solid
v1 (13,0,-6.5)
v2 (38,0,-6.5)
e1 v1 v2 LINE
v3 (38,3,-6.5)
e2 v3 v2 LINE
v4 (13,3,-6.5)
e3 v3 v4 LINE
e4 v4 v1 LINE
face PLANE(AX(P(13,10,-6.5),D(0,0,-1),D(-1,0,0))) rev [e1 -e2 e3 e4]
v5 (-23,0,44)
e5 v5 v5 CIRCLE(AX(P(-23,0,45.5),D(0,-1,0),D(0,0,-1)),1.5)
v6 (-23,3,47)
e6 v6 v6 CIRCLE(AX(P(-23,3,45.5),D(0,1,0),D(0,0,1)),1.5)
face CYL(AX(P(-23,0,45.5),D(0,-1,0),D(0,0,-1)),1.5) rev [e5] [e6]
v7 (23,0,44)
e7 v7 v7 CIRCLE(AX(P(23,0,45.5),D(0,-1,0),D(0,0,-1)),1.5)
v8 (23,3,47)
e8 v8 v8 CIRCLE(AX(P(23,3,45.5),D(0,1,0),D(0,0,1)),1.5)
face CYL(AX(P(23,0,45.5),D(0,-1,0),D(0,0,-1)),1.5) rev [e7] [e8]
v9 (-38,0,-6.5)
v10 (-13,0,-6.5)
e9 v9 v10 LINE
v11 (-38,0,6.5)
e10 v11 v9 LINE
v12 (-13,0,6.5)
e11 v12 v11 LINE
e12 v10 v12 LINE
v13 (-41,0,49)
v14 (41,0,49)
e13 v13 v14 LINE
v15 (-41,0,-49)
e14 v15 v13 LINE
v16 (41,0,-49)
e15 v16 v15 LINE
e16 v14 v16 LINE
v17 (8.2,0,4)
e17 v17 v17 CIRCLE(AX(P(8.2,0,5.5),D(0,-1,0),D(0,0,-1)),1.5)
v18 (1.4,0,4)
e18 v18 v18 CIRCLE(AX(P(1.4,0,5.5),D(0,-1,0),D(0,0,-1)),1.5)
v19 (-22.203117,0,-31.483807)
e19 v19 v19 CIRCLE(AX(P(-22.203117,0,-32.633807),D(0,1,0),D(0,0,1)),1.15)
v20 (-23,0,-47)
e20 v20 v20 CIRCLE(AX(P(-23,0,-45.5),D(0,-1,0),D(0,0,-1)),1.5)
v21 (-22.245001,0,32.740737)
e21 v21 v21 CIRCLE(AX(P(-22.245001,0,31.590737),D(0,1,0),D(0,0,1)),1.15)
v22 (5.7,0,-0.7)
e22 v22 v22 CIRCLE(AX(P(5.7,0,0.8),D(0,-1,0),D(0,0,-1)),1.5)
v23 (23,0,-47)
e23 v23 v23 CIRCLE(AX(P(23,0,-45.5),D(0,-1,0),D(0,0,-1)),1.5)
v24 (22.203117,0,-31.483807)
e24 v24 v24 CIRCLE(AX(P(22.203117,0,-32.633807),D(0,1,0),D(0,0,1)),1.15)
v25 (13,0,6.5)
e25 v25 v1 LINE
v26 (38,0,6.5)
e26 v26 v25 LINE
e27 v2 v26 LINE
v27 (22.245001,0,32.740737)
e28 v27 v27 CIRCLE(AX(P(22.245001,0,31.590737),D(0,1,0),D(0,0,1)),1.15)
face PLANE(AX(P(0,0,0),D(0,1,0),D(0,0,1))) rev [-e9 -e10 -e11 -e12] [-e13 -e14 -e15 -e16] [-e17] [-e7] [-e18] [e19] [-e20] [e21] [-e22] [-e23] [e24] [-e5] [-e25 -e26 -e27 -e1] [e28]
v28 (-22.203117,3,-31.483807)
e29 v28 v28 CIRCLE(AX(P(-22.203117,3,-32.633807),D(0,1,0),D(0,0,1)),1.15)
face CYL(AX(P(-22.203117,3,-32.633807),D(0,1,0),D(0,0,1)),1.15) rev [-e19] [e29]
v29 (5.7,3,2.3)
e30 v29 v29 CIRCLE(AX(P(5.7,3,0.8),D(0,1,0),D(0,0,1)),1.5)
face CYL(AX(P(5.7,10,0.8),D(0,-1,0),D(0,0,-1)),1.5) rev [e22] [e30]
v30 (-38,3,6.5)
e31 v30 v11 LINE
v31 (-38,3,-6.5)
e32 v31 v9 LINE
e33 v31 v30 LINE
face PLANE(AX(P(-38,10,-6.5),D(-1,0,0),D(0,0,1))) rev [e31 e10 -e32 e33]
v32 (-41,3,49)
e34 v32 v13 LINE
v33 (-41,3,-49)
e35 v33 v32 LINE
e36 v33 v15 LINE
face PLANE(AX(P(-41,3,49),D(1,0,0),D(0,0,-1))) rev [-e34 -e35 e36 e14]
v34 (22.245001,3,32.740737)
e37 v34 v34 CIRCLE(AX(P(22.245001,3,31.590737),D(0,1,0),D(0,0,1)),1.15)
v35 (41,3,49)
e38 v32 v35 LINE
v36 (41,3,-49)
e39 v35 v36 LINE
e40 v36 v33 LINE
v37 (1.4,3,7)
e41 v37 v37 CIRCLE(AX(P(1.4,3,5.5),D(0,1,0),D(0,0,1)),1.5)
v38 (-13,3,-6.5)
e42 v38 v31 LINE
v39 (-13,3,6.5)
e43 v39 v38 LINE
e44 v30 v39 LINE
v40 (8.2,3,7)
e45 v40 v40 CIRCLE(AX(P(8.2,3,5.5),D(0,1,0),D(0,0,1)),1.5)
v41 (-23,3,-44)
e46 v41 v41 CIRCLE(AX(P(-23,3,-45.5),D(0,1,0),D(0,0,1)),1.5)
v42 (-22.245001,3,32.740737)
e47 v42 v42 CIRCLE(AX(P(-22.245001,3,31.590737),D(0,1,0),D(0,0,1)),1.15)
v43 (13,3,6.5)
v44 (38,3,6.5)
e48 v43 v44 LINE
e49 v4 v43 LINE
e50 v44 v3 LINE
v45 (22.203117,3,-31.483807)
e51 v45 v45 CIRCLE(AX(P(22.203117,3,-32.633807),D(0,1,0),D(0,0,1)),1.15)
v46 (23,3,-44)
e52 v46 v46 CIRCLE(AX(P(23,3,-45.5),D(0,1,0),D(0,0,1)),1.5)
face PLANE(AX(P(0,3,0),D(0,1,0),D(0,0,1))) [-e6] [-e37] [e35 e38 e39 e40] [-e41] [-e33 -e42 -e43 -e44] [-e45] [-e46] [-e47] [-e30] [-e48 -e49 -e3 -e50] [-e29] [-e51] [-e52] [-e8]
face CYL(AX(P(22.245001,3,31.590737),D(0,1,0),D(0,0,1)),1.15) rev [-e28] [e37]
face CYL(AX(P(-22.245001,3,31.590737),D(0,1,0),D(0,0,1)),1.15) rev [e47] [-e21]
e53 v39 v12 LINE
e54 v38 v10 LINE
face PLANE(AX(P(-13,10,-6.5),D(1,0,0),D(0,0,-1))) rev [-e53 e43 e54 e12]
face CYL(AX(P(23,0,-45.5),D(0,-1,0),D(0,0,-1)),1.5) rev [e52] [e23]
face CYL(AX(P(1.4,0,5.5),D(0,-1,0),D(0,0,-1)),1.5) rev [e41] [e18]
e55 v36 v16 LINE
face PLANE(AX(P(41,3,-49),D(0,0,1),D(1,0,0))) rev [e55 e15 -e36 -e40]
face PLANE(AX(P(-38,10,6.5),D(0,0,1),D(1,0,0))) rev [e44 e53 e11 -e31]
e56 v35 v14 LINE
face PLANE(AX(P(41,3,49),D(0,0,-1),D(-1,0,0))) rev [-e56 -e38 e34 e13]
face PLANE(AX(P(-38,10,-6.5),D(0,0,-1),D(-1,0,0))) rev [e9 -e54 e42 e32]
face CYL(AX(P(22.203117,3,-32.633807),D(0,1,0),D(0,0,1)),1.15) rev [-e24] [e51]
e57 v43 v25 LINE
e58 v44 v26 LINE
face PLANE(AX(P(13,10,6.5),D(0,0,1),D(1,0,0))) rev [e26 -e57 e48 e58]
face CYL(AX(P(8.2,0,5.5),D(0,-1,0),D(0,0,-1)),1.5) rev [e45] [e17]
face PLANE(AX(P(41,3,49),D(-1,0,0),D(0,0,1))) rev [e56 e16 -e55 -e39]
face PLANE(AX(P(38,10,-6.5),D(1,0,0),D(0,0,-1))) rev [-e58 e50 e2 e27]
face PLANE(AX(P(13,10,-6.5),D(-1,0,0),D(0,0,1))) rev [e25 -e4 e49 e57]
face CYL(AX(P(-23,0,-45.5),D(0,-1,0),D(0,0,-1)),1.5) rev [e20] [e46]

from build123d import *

# Parameters (mm, degrees)
SKETCH1_W                      = 82
SKETCH1_H                      = 98
BOSS_EXTRUDE1_DEPTH            = 3
F_3_0_3_DIAMETER_HOLE1_D       = 3
F_3_0_3_DIAMETER_HOLE1_DEPTH   = 30
SKETCH5_W                      = 25
SKETCH5_H                      = 13
CUT_EXTRUDE1_DEPTH             = 10
F_2_3_2_3_DIAMETER_HOLE1_D     = 2.3
F_2_3_2_3_DIAMETER_HOLE1_DEPTH = 30
SKETCH8_R                      = 1.5
CUT_EXTRUDE2_DEPTH             = 10
F_3_0_3_DIAMETER_HOLE2_D       = 3
F_3_0_3_DIAMETER_HOLE2_DEPTH   = 6.5


with BuildPart() as part:
    # Sketch1 → Boss-Extrude1 (new body)
    with BuildSketch(Plane(origin=(0, 0, 0), x_dir=(1, 0, 0), z_dir=(0, 1, 0))):
        Rectangle(SKETCH1_W, SKETCH1_H)
    extrude(amount=BOSS_EXTRUDE1_DEPTH)

    # Ø3.0 (3) Diameter Hole1
    with Locations(Plane(origin=(0, 0, 0), x_dir=(-1, 0, 0), z_dir=(0, -1, 0))):
        with Locations((23, -45.5), (-23, -45.5), (-23, 45.5), (23, 45.5)):
            Hole(F_3_0_3_DIAMETER_HOLE1_D / 2, depth=F_3_0_3_DIAMETER_HOLE1_DEPTH)

    # Sketch5 → Cut-Extrude1 (cut)
    with BuildSketch(Plane.XZ):
        with Locations((-25.5, 0)):
            Rectangle(SKETCH5_W, SKETCH5_H)
        with Locations((25.5, 0)):
            Rectangle(SKETCH5_W, SKETCH5_H)
    extrude(amount=-CUT_EXTRUDE1_DEPTH, mode=Mode.SUBTRACT)

    # Ø2.3 (2.3) Diameter Hole1
    with Locations(Plane(origin=(0, 3, 0), x_dir=(1, 0, 0), z_dir=(0, 1, 0))):
        with Locations((-22.24500144, -31.590736692), (22.24500144, -31.590736692), (22.203117232, 32.633806534), (-22.203117232, 32.633806534)):
            Hole(F_2_3_2_3_DIAMETER_HOLE1_D / 2, depth=F_2_3_2_3_DIAMETER_HOLE1_DEPTH)

    # Sketch8 → Cut-Extrude2 (cut)
    with BuildSketch(Plane.XZ):
        with Locations(Location((5.7, 0.8, 0), (0, 0, 270))):
            Circle(SKETCH8_R)
    extrude(amount=-CUT_EXTRUDE2_DEPTH, mode=Mode.SUBTRACT)

    # Ø3.0 (3) Diameter Hole2
    with Locations(Plane(origin=(0, 0, 0), x_dir=(-1, 0, 0), z_dir=(0, -1, 0))):
        with Locations((-1.4, -5.5), (-8.2, -5.5)):
            Hole(F_3_0_3_DIAMETER_HOLE2_D / 2, depth=F_3_0_3_DIAMETER_HOLE2_DEPTH)


solid = part.part
